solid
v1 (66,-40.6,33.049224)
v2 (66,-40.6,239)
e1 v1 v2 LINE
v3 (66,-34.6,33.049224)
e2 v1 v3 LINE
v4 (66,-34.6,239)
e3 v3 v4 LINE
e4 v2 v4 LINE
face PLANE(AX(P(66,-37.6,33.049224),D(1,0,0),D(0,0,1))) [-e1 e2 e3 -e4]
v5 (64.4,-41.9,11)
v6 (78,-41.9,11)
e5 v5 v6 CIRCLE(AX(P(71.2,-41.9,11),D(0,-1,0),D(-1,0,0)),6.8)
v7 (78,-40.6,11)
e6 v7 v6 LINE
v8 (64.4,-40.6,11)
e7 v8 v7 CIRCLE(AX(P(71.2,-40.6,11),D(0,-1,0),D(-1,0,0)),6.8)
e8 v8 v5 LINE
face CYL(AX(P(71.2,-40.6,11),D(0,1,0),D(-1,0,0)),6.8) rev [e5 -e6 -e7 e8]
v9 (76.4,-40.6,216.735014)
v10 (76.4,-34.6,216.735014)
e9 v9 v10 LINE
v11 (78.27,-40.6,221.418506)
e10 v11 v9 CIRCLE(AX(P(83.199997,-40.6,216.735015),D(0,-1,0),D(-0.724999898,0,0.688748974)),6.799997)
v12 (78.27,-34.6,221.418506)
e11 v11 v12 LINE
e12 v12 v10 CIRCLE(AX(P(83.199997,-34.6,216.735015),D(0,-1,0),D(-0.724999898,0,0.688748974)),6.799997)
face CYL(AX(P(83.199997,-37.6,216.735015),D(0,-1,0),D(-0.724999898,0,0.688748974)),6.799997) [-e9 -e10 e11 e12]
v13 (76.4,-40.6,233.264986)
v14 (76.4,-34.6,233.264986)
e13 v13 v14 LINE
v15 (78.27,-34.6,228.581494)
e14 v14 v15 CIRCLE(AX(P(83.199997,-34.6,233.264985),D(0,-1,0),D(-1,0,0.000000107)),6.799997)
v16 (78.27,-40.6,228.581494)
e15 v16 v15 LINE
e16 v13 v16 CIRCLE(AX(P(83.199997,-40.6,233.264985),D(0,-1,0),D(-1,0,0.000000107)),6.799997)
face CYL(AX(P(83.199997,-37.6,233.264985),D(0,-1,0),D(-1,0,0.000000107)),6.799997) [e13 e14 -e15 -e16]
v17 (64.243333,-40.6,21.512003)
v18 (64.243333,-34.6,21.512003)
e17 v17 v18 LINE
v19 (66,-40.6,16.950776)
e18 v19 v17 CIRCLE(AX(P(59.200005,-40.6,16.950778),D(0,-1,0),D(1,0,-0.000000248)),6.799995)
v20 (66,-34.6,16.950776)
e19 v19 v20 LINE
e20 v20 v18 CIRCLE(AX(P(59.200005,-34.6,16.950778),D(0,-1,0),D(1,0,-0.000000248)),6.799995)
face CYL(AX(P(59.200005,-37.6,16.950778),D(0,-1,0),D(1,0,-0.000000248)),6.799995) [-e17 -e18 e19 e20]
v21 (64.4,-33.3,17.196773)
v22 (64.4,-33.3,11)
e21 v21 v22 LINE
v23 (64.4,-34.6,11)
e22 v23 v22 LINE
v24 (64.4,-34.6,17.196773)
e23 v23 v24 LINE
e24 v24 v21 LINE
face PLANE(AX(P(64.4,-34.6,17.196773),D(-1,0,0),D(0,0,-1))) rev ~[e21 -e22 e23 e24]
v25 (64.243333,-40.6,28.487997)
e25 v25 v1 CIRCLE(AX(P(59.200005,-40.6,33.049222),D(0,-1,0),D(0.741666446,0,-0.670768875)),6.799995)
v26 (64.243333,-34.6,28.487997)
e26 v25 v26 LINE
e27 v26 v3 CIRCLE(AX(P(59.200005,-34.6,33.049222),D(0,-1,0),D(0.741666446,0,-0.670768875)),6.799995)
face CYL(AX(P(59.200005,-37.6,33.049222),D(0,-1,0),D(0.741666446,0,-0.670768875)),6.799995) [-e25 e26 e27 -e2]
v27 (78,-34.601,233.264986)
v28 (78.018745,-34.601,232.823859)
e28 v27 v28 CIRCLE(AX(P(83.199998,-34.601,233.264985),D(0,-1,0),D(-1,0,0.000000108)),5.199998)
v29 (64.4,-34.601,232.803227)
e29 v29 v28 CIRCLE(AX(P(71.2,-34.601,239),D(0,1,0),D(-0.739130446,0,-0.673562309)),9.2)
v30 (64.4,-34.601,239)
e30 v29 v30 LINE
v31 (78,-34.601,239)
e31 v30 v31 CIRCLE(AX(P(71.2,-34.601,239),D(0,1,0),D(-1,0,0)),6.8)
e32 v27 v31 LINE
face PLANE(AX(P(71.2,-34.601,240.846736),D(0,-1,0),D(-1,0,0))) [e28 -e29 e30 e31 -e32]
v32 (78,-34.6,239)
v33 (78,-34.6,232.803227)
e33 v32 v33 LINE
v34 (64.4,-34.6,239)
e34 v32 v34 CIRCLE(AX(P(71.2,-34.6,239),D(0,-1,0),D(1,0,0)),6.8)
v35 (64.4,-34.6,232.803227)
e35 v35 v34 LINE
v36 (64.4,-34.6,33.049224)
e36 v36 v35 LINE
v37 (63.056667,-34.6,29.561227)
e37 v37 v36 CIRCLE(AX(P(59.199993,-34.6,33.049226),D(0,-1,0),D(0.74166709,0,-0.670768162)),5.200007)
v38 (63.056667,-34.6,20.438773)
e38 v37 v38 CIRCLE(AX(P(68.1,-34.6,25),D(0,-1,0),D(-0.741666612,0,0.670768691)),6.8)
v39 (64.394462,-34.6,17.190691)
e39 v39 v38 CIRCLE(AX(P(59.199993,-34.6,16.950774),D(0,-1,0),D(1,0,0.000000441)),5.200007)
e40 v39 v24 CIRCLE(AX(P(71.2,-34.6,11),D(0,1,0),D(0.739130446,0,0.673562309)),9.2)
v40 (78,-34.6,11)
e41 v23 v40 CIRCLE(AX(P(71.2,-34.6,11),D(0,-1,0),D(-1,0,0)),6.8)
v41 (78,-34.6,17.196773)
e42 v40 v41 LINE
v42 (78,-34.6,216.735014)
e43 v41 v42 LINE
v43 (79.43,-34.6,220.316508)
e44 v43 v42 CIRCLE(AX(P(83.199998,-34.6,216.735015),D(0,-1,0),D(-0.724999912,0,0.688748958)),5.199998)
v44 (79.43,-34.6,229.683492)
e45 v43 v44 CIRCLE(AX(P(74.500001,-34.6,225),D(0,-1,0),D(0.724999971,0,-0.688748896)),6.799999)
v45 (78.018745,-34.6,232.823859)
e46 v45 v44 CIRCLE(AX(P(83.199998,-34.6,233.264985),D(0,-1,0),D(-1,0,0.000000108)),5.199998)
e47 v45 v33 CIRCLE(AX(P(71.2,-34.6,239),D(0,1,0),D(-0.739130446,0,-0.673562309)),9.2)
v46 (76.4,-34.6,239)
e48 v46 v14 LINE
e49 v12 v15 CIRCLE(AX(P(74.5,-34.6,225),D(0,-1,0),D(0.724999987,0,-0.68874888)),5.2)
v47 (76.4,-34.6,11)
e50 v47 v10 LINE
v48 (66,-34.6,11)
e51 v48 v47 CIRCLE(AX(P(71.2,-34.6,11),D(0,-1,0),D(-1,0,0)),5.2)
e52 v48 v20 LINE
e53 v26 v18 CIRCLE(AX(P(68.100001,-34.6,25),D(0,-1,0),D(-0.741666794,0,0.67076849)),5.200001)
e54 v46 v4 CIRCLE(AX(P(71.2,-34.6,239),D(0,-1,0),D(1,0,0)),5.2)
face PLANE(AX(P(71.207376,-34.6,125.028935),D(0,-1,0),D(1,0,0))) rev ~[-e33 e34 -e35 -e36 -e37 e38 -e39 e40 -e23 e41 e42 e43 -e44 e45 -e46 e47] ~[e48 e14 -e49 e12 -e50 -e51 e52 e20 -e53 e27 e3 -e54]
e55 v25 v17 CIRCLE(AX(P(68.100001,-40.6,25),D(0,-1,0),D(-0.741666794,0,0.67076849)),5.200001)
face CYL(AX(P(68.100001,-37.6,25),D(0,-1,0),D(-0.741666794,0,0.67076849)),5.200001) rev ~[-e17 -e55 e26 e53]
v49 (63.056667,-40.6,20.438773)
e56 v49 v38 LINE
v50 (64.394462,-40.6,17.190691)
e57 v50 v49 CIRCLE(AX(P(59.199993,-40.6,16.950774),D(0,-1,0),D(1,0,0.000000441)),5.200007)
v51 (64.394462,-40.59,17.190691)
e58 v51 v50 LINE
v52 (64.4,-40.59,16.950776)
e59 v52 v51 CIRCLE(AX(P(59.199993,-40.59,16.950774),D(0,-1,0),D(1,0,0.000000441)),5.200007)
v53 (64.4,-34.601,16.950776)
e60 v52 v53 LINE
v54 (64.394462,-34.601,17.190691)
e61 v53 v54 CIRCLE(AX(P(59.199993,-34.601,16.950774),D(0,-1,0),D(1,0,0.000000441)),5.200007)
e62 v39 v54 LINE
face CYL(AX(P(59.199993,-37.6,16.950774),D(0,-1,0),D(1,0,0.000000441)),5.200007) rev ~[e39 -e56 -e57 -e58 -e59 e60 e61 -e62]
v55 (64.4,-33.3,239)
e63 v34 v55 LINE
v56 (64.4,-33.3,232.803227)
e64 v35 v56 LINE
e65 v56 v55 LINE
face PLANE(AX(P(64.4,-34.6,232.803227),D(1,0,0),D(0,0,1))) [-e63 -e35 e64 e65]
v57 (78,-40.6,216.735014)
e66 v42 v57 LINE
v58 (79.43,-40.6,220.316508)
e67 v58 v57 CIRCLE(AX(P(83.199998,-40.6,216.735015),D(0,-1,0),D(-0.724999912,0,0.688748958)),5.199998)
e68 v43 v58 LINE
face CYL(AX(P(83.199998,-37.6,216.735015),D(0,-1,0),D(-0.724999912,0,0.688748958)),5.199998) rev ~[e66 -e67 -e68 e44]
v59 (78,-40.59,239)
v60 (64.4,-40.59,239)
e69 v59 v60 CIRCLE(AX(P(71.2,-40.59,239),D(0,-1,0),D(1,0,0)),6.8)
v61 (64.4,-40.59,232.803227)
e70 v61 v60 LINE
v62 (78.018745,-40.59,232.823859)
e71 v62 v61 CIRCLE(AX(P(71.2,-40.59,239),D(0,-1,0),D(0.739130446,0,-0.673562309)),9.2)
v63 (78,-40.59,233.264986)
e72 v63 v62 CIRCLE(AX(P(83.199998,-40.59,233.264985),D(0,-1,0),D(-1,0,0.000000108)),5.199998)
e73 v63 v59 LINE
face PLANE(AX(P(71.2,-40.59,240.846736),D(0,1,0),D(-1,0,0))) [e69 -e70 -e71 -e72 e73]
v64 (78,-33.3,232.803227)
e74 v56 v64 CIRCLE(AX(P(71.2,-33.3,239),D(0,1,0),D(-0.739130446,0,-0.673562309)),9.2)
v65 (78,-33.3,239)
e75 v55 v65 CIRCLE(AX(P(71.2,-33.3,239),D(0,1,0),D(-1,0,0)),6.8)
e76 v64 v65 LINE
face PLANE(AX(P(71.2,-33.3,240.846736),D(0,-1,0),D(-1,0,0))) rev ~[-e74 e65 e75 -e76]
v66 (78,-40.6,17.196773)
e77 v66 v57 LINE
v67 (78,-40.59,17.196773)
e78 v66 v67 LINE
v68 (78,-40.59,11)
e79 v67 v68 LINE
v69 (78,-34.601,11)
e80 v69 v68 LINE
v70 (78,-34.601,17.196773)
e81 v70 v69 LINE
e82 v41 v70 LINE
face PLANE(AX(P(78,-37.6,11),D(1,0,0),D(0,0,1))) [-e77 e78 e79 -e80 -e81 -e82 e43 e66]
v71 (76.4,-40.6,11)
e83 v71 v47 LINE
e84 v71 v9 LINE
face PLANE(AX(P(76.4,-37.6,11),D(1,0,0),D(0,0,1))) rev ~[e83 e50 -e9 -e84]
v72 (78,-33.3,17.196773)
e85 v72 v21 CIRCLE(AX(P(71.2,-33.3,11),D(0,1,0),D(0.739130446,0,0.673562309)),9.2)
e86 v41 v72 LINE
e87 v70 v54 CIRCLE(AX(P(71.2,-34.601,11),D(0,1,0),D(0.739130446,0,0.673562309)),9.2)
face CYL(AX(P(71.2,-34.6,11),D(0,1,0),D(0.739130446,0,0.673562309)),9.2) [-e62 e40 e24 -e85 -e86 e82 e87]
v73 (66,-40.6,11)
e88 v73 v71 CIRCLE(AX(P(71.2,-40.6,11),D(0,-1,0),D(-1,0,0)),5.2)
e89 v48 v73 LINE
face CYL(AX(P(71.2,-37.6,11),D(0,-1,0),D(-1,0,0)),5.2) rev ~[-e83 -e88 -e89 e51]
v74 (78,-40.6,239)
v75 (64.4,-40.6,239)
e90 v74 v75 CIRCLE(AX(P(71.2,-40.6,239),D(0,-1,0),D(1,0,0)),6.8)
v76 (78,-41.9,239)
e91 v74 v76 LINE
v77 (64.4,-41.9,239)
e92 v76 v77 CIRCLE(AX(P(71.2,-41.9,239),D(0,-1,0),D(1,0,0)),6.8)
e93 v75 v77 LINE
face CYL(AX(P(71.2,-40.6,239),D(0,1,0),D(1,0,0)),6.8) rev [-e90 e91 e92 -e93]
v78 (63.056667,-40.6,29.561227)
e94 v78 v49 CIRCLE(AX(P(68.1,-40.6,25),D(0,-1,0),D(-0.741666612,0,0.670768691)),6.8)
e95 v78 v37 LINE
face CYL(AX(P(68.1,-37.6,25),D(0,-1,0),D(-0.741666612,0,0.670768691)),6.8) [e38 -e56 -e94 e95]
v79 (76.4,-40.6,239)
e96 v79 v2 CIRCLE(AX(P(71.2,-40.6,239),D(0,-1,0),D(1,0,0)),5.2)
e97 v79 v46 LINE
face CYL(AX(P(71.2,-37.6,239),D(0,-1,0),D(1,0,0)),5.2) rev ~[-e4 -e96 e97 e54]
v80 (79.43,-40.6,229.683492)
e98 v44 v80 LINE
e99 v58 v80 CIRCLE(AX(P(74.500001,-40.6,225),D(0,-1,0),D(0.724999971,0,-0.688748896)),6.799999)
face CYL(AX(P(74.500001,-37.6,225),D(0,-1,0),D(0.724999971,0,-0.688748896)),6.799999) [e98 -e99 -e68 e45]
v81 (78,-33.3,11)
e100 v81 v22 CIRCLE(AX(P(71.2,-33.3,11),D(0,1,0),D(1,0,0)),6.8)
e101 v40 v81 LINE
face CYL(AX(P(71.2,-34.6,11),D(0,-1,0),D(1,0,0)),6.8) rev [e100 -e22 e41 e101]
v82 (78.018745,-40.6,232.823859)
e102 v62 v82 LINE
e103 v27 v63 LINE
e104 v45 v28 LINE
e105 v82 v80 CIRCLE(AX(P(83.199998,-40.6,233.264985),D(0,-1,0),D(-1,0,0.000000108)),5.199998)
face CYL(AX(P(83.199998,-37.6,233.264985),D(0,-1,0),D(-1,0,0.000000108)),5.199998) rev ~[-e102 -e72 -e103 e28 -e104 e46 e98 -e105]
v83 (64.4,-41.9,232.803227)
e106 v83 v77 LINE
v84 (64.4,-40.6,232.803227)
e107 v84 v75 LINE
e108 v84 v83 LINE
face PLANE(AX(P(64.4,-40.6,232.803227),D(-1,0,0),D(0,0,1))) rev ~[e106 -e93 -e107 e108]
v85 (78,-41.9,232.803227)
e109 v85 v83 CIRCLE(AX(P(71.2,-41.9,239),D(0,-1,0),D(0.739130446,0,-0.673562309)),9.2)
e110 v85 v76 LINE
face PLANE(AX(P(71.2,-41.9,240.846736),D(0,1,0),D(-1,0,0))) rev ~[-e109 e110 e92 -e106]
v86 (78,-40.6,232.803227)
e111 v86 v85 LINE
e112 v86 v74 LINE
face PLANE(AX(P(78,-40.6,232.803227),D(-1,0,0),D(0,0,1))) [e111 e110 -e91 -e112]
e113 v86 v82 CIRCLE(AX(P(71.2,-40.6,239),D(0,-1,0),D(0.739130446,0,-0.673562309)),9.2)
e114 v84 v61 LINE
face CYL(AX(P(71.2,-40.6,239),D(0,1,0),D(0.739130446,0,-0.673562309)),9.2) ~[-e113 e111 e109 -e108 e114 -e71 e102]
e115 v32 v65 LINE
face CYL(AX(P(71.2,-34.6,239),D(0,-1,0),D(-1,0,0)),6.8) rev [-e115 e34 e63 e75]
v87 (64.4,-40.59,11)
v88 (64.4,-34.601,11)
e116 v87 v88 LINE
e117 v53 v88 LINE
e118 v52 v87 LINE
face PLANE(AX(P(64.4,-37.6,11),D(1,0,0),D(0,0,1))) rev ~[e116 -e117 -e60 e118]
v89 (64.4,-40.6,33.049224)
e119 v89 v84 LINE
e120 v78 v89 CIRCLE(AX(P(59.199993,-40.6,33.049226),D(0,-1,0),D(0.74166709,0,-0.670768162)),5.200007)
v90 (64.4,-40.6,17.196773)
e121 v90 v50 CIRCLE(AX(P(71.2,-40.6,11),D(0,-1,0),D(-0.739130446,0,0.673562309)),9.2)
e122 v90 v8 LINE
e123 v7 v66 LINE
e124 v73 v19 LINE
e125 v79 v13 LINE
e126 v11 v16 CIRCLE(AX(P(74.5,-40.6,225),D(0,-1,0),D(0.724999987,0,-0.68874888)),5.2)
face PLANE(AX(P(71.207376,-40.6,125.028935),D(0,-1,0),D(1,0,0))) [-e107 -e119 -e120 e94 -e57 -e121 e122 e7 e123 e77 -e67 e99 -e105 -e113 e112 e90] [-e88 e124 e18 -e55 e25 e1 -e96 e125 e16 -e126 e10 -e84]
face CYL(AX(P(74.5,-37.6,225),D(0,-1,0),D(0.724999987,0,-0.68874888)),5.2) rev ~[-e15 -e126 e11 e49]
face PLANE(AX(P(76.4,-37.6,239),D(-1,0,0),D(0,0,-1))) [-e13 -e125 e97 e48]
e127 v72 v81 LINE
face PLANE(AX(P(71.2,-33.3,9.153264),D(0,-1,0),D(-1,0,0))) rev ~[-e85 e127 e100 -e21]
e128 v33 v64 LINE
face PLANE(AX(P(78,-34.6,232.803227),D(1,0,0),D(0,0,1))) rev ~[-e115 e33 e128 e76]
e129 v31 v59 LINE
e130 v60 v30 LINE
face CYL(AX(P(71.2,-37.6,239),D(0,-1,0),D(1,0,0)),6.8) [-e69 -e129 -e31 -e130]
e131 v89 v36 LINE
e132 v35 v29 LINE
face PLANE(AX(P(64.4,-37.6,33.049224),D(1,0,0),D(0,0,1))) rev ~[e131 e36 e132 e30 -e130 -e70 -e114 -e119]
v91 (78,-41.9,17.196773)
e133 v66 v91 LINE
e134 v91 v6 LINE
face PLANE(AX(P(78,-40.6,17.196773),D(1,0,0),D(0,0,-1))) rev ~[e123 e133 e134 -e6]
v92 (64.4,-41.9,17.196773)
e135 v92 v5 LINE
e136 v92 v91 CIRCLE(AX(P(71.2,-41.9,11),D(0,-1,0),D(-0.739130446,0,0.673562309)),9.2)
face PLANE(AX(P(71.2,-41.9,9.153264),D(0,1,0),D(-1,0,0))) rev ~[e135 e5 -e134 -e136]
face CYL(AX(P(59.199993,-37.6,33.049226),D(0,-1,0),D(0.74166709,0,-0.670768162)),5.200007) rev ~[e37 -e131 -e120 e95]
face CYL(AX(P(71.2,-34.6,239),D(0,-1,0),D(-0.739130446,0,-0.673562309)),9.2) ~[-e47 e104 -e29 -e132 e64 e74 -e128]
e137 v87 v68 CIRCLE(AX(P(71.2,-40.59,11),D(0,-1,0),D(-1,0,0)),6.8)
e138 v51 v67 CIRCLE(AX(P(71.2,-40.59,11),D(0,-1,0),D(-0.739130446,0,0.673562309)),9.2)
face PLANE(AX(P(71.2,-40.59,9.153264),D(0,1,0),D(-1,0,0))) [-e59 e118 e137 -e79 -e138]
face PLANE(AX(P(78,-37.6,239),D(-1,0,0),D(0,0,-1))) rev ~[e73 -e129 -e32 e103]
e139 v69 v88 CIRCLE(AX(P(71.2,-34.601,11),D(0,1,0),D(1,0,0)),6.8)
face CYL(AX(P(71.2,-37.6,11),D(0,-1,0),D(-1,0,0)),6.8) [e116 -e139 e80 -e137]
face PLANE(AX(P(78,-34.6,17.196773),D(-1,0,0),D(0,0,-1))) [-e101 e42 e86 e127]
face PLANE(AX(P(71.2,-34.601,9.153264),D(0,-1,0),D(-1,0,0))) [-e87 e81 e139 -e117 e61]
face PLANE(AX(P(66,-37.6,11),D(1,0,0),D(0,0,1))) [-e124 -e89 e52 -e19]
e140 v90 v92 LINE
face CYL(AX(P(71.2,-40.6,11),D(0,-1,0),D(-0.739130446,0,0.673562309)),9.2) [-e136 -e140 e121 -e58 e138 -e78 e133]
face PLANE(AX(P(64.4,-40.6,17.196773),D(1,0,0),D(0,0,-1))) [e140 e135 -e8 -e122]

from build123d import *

# Parameters (mm, degrees)
PAD004_DEPTH      = 3
PAD006_DEPTH      = 1.3
PAD006_DEPTH_BACK = 0.01
PAD007_DEPTH      = 1.3
PAD007_DEPTH_BACK = 0.001


with BuildPart() as part:
    # Sketch018 → Pad004 (new body, symmetric)
    with BuildSketch(Plane(origin=(71.2, -37.6, 0), x_dir=(1, 0, 0), z_dir=(0, -1, 0))):
        with BuildLine():
            ThreePointArc((-6.8, 11), (0, 4.2), (6.8, 11))
            Line((6.8, 11), (6.8, 216.735014))
            ThreePointArc((8.23, 220.316508), (7.170714, 218.663225), (6.8, 216.735014))
            ThreePointArc((8.23, 220.316508), (10.1, 225), (8.23, 229.683492))
            ThreePointArc((6.8, 233.264986), (7.170714, 231.336775), (8.23, 229.683492))
            Line((6.8, 239), (6.8, 233.264986))
            ThreePointArc((6.8, 239), (0, 245.8), (-6.8, 239))
            Line((-6.8, 33.049224), (-6.8, 239))
            ThreePointArc((-8.143333, 29.561227), (-7.147441, 31.180356), (-6.8, 33.049224))
            ThreePointArc((-8.143333, 29.561227), (-9.9, 25), (-8.143333, 20.438773))
            ThreePointArc((-6.8, 16.950776), (-7.147441, 18.819644), (-8.143333, 20.438773))
            Line((-6.8, 11), (-6.8, 16.950776))
        make_face()
        with BuildLine():
            ThreePointArc((-5.2, 11), (0, 5.8), (5.2, 11))
            Line((5.2, 11), (5.2, 216.735014))
            ThreePointArc((7.07, 221.418506), (5.68478, 219.256521), (5.2, 216.735014))
            ThreePointArc((7.07, 221.418506), (8.5, 225), (7.07, 228.581494))
            ThreePointArc((5.2, 233.264986), (5.68478, 230.743479), (7.07, 228.581494))
            Line((5.2, 239), (5.2, 233.264986))
            ThreePointArc((5.2, 239), (0, 244.2), (-5.2, 239))
            Line((-5.2, 33.049224), (-5.2, 239))
            ThreePointArc((-6.956667, 28.487997), (-5.654345, 30.60532), (-5.2, 33.049224))
            ThreePointArc((-6.956667, 28.487997), (-8.3, 25), (-6.956667, 21.512003))
            ThreePointArc((-5.2, 16.950776), (-5.654345, 19.39468), (-6.956667, 21.512003))
            Line((-5.2, 11), (-5.2, 16.950776))
        make_face(mode=Mode.SUBTRACT)
    extrude(amount=PAD004_DEPTH, both=True)

    # Sketch020 (on Face26 of Pad004) → Pad006 (join, two sides)
    with BuildSketch(Plane.XZ.offset(40.6)) as pad006_sk:
        with BuildLine():
            ThreePointArc((64.4, 11), (71.2, 4.2), (78, 11))
            Line((78, 17.196773), (78, 11))
            ThreePointArc((64.4, 17.196773), (71.2, 1.8), (78, 17.196773))
            Line((64.4, 17.196773), (64.4, 11))
        make_face()
        with BuildLine():
            ThreePointArc((78, 239), (71.2, 245.8), (64.4, 239))
            Line((64.4, 232.803227), (64.4, 239))
            ThreePointArc((78, 232.803227), (71.2, 248.2), (64.4, 232.803227))
            Line((78, 232.803227), (78, 239))
        make_face()
    extrude(amount=PAD006_DEPTH)
    extrude(pad006_sk.sketch, amount=-PAD006_DEPTH_BACK)

    # Sketch021 (on Face2 of Pad006) → Pad007 (join, two sides)
    with BuildSketch(Plane(origin=(0, -34.6, 0), x_dir=(1, 0, 0), z_dir=(0, 1, 0))) as pad007_sk:
        with BuildLine():
            ThreePointArc((78, -11), (71.2, -4.2), (64.4, -11))
            Line((64.4, -17.196773), (64.4, -11))
            ThreePointArc((78, -17.196773), (71.2, -1.8), (64.4, -17.196773))
            Line((78, -17.196773), (78, -11))
        make_face()
        with BuildLine():
            ThreePointArc((64.4, -239), (71.2, -245.8), (78, -239))
            Line((78, -232.803227), (78, -239))
            ThreePointArc((64.4, -232.803227), (71.2, -248.2), (78, -232.803227))
            Line((64.4, -232.803227), (64.4, -239))
        make_face()
    extrude(amount=PAD007_DEPTH)
    extrude(pad007_sk.sketch, amount=-PAD007_DEPTH_BACK)


solid = part.part
